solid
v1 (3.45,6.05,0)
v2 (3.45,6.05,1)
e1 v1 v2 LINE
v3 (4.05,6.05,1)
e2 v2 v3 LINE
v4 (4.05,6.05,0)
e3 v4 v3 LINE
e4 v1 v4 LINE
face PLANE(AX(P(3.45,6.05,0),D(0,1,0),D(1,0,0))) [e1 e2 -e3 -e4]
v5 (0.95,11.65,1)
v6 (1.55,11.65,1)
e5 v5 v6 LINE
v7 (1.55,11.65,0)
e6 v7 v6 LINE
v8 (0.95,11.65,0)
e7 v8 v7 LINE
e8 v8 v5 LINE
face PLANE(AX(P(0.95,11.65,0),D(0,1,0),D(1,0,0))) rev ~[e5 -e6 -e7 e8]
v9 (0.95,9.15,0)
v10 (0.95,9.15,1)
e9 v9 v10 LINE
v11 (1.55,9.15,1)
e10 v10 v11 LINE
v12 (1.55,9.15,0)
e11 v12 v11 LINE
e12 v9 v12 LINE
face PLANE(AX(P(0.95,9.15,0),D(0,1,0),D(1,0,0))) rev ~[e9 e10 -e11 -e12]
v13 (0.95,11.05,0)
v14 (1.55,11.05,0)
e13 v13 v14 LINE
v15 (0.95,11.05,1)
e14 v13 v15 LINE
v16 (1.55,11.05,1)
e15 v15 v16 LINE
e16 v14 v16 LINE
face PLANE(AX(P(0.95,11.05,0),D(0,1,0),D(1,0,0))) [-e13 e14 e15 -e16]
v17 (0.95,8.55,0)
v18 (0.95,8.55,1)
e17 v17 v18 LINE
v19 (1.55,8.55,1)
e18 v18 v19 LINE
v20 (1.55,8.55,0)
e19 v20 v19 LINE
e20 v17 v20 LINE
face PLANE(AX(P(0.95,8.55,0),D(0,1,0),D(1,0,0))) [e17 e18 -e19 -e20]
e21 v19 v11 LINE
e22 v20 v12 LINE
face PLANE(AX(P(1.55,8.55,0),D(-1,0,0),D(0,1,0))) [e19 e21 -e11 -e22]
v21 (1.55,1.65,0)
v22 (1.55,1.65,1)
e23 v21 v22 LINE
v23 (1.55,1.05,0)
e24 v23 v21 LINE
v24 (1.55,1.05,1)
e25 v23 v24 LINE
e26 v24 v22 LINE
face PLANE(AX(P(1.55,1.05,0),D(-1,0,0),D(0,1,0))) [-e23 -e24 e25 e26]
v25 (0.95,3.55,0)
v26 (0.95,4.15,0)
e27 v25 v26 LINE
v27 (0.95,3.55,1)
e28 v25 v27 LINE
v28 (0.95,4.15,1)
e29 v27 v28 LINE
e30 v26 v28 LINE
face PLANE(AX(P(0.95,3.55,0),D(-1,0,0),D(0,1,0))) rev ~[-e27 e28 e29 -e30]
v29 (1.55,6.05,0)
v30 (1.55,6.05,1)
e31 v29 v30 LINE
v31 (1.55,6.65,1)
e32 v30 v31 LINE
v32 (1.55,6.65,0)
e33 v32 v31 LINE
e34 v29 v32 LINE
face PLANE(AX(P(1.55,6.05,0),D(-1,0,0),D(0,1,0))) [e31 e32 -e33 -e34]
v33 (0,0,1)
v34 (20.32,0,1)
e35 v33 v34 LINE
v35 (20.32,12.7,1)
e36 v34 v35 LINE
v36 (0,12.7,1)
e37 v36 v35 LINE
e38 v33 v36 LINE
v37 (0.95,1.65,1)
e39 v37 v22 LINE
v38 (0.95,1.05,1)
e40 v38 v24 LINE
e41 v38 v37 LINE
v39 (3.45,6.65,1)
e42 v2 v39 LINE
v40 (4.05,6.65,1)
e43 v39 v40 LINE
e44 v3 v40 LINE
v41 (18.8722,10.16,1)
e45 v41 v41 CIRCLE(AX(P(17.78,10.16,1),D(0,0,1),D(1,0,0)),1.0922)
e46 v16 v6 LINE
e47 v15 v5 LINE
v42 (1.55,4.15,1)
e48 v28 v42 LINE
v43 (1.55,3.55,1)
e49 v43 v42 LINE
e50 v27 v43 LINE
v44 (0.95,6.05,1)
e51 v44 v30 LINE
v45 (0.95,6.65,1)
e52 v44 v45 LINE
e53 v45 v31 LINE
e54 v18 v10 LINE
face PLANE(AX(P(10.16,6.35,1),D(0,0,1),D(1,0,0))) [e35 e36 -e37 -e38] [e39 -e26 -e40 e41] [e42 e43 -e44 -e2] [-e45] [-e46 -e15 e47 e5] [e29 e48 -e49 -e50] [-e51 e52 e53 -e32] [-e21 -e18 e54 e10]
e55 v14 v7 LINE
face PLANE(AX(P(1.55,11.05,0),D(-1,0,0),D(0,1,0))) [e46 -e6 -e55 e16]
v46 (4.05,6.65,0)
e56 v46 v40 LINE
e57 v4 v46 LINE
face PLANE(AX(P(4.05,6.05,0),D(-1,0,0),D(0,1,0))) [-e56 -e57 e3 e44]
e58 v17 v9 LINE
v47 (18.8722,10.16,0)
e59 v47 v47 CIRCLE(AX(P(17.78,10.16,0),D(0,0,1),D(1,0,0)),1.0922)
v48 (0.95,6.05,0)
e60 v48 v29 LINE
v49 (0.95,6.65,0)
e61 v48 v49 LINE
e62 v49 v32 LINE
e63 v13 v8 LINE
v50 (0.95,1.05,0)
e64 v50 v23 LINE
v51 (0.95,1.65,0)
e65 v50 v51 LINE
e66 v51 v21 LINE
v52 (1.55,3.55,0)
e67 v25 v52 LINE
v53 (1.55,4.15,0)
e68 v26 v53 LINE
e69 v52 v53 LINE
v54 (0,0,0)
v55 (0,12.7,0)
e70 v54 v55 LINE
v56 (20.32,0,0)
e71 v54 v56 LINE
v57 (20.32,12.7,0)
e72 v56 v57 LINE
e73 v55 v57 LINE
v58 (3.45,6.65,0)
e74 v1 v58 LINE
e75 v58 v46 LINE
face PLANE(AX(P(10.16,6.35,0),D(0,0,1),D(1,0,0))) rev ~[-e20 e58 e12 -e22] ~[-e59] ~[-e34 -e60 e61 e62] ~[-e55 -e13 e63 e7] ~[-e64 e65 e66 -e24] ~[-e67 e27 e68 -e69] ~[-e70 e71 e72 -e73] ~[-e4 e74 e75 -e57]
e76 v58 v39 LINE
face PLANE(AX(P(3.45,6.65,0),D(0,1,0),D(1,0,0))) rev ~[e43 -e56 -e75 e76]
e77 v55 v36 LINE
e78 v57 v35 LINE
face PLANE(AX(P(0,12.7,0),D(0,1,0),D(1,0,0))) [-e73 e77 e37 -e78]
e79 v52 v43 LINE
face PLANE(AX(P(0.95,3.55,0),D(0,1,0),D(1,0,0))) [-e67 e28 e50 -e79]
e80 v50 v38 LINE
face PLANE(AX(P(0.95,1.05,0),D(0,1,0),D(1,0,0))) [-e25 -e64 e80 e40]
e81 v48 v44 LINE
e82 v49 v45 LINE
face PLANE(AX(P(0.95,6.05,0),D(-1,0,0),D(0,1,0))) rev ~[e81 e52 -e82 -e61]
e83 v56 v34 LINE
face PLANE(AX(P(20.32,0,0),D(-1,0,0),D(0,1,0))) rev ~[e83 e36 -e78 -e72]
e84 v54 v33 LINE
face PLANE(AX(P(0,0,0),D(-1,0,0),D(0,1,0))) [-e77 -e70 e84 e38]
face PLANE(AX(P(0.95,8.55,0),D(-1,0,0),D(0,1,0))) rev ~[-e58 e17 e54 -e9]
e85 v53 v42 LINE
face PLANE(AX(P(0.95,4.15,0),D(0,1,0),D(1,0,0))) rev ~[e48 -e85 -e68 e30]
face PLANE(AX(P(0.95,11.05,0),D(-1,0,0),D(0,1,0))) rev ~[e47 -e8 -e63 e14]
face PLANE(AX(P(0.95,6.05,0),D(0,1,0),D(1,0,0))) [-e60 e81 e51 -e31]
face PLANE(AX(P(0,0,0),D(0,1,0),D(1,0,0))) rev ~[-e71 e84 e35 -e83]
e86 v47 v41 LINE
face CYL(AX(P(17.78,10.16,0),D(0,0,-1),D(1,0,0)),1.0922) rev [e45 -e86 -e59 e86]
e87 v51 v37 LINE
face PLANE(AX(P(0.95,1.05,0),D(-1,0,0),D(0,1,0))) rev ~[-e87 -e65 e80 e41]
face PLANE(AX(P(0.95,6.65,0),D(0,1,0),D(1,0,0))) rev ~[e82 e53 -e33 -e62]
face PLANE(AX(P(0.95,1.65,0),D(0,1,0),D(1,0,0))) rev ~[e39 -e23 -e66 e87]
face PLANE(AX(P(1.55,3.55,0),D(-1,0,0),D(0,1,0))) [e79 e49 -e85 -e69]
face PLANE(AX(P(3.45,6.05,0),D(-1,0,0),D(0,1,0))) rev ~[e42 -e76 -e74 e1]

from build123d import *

# Parameters (mm, degrees)
F0_W     = 20.32
F0_H     = 12.7
F0_W_2   = 0.6
F0_H_2   = 0.6
F0_R     = 1.0922
F1_DEPTH = 1


with BuildPart() as f1:
    # F0 (on Top) → F1 (new body)
    with BuildSketch(Plane.XY):
        with Locations((10.16, 6.35)):
            Rectangle(F0_W, F0_H)
        with Locations((1.25, 1.35)):
            Rectangle(F0_W_2, F0_H_2, mode=Mode.SUBTRACT)
        with Locations((1.25, 3.85)):
            Rectangle(F0_W_2, F0_H_2, mode=Mode.SUBTRACT)
        with Locations((1.25, 6.35)):
            Rectangle(F0_W_2, F0_H_2, mode=Mode.SUBTRACT)
        with Locations((3.75, 6.35)):
            Rectangle(F0_W_2, F0_H_2, mode=Mode.SUBTRACT)
        with Locations((1.25, 8.85)):
            Rectangle(F0_W_2, F0_H_2, mode=Mode.SUBTRACT)
        with Locations((1.25, 11.35)):
            Rectangle(F0_W_2, F0_H_2, mode=Mode.SUBTRACT)
        with Locations((17.78, 10.16)):
            Circle(F0_R, mode=Mode.SUBTRACT)
    extrude(amount=F1_DEPTH)


solid = f1.part
